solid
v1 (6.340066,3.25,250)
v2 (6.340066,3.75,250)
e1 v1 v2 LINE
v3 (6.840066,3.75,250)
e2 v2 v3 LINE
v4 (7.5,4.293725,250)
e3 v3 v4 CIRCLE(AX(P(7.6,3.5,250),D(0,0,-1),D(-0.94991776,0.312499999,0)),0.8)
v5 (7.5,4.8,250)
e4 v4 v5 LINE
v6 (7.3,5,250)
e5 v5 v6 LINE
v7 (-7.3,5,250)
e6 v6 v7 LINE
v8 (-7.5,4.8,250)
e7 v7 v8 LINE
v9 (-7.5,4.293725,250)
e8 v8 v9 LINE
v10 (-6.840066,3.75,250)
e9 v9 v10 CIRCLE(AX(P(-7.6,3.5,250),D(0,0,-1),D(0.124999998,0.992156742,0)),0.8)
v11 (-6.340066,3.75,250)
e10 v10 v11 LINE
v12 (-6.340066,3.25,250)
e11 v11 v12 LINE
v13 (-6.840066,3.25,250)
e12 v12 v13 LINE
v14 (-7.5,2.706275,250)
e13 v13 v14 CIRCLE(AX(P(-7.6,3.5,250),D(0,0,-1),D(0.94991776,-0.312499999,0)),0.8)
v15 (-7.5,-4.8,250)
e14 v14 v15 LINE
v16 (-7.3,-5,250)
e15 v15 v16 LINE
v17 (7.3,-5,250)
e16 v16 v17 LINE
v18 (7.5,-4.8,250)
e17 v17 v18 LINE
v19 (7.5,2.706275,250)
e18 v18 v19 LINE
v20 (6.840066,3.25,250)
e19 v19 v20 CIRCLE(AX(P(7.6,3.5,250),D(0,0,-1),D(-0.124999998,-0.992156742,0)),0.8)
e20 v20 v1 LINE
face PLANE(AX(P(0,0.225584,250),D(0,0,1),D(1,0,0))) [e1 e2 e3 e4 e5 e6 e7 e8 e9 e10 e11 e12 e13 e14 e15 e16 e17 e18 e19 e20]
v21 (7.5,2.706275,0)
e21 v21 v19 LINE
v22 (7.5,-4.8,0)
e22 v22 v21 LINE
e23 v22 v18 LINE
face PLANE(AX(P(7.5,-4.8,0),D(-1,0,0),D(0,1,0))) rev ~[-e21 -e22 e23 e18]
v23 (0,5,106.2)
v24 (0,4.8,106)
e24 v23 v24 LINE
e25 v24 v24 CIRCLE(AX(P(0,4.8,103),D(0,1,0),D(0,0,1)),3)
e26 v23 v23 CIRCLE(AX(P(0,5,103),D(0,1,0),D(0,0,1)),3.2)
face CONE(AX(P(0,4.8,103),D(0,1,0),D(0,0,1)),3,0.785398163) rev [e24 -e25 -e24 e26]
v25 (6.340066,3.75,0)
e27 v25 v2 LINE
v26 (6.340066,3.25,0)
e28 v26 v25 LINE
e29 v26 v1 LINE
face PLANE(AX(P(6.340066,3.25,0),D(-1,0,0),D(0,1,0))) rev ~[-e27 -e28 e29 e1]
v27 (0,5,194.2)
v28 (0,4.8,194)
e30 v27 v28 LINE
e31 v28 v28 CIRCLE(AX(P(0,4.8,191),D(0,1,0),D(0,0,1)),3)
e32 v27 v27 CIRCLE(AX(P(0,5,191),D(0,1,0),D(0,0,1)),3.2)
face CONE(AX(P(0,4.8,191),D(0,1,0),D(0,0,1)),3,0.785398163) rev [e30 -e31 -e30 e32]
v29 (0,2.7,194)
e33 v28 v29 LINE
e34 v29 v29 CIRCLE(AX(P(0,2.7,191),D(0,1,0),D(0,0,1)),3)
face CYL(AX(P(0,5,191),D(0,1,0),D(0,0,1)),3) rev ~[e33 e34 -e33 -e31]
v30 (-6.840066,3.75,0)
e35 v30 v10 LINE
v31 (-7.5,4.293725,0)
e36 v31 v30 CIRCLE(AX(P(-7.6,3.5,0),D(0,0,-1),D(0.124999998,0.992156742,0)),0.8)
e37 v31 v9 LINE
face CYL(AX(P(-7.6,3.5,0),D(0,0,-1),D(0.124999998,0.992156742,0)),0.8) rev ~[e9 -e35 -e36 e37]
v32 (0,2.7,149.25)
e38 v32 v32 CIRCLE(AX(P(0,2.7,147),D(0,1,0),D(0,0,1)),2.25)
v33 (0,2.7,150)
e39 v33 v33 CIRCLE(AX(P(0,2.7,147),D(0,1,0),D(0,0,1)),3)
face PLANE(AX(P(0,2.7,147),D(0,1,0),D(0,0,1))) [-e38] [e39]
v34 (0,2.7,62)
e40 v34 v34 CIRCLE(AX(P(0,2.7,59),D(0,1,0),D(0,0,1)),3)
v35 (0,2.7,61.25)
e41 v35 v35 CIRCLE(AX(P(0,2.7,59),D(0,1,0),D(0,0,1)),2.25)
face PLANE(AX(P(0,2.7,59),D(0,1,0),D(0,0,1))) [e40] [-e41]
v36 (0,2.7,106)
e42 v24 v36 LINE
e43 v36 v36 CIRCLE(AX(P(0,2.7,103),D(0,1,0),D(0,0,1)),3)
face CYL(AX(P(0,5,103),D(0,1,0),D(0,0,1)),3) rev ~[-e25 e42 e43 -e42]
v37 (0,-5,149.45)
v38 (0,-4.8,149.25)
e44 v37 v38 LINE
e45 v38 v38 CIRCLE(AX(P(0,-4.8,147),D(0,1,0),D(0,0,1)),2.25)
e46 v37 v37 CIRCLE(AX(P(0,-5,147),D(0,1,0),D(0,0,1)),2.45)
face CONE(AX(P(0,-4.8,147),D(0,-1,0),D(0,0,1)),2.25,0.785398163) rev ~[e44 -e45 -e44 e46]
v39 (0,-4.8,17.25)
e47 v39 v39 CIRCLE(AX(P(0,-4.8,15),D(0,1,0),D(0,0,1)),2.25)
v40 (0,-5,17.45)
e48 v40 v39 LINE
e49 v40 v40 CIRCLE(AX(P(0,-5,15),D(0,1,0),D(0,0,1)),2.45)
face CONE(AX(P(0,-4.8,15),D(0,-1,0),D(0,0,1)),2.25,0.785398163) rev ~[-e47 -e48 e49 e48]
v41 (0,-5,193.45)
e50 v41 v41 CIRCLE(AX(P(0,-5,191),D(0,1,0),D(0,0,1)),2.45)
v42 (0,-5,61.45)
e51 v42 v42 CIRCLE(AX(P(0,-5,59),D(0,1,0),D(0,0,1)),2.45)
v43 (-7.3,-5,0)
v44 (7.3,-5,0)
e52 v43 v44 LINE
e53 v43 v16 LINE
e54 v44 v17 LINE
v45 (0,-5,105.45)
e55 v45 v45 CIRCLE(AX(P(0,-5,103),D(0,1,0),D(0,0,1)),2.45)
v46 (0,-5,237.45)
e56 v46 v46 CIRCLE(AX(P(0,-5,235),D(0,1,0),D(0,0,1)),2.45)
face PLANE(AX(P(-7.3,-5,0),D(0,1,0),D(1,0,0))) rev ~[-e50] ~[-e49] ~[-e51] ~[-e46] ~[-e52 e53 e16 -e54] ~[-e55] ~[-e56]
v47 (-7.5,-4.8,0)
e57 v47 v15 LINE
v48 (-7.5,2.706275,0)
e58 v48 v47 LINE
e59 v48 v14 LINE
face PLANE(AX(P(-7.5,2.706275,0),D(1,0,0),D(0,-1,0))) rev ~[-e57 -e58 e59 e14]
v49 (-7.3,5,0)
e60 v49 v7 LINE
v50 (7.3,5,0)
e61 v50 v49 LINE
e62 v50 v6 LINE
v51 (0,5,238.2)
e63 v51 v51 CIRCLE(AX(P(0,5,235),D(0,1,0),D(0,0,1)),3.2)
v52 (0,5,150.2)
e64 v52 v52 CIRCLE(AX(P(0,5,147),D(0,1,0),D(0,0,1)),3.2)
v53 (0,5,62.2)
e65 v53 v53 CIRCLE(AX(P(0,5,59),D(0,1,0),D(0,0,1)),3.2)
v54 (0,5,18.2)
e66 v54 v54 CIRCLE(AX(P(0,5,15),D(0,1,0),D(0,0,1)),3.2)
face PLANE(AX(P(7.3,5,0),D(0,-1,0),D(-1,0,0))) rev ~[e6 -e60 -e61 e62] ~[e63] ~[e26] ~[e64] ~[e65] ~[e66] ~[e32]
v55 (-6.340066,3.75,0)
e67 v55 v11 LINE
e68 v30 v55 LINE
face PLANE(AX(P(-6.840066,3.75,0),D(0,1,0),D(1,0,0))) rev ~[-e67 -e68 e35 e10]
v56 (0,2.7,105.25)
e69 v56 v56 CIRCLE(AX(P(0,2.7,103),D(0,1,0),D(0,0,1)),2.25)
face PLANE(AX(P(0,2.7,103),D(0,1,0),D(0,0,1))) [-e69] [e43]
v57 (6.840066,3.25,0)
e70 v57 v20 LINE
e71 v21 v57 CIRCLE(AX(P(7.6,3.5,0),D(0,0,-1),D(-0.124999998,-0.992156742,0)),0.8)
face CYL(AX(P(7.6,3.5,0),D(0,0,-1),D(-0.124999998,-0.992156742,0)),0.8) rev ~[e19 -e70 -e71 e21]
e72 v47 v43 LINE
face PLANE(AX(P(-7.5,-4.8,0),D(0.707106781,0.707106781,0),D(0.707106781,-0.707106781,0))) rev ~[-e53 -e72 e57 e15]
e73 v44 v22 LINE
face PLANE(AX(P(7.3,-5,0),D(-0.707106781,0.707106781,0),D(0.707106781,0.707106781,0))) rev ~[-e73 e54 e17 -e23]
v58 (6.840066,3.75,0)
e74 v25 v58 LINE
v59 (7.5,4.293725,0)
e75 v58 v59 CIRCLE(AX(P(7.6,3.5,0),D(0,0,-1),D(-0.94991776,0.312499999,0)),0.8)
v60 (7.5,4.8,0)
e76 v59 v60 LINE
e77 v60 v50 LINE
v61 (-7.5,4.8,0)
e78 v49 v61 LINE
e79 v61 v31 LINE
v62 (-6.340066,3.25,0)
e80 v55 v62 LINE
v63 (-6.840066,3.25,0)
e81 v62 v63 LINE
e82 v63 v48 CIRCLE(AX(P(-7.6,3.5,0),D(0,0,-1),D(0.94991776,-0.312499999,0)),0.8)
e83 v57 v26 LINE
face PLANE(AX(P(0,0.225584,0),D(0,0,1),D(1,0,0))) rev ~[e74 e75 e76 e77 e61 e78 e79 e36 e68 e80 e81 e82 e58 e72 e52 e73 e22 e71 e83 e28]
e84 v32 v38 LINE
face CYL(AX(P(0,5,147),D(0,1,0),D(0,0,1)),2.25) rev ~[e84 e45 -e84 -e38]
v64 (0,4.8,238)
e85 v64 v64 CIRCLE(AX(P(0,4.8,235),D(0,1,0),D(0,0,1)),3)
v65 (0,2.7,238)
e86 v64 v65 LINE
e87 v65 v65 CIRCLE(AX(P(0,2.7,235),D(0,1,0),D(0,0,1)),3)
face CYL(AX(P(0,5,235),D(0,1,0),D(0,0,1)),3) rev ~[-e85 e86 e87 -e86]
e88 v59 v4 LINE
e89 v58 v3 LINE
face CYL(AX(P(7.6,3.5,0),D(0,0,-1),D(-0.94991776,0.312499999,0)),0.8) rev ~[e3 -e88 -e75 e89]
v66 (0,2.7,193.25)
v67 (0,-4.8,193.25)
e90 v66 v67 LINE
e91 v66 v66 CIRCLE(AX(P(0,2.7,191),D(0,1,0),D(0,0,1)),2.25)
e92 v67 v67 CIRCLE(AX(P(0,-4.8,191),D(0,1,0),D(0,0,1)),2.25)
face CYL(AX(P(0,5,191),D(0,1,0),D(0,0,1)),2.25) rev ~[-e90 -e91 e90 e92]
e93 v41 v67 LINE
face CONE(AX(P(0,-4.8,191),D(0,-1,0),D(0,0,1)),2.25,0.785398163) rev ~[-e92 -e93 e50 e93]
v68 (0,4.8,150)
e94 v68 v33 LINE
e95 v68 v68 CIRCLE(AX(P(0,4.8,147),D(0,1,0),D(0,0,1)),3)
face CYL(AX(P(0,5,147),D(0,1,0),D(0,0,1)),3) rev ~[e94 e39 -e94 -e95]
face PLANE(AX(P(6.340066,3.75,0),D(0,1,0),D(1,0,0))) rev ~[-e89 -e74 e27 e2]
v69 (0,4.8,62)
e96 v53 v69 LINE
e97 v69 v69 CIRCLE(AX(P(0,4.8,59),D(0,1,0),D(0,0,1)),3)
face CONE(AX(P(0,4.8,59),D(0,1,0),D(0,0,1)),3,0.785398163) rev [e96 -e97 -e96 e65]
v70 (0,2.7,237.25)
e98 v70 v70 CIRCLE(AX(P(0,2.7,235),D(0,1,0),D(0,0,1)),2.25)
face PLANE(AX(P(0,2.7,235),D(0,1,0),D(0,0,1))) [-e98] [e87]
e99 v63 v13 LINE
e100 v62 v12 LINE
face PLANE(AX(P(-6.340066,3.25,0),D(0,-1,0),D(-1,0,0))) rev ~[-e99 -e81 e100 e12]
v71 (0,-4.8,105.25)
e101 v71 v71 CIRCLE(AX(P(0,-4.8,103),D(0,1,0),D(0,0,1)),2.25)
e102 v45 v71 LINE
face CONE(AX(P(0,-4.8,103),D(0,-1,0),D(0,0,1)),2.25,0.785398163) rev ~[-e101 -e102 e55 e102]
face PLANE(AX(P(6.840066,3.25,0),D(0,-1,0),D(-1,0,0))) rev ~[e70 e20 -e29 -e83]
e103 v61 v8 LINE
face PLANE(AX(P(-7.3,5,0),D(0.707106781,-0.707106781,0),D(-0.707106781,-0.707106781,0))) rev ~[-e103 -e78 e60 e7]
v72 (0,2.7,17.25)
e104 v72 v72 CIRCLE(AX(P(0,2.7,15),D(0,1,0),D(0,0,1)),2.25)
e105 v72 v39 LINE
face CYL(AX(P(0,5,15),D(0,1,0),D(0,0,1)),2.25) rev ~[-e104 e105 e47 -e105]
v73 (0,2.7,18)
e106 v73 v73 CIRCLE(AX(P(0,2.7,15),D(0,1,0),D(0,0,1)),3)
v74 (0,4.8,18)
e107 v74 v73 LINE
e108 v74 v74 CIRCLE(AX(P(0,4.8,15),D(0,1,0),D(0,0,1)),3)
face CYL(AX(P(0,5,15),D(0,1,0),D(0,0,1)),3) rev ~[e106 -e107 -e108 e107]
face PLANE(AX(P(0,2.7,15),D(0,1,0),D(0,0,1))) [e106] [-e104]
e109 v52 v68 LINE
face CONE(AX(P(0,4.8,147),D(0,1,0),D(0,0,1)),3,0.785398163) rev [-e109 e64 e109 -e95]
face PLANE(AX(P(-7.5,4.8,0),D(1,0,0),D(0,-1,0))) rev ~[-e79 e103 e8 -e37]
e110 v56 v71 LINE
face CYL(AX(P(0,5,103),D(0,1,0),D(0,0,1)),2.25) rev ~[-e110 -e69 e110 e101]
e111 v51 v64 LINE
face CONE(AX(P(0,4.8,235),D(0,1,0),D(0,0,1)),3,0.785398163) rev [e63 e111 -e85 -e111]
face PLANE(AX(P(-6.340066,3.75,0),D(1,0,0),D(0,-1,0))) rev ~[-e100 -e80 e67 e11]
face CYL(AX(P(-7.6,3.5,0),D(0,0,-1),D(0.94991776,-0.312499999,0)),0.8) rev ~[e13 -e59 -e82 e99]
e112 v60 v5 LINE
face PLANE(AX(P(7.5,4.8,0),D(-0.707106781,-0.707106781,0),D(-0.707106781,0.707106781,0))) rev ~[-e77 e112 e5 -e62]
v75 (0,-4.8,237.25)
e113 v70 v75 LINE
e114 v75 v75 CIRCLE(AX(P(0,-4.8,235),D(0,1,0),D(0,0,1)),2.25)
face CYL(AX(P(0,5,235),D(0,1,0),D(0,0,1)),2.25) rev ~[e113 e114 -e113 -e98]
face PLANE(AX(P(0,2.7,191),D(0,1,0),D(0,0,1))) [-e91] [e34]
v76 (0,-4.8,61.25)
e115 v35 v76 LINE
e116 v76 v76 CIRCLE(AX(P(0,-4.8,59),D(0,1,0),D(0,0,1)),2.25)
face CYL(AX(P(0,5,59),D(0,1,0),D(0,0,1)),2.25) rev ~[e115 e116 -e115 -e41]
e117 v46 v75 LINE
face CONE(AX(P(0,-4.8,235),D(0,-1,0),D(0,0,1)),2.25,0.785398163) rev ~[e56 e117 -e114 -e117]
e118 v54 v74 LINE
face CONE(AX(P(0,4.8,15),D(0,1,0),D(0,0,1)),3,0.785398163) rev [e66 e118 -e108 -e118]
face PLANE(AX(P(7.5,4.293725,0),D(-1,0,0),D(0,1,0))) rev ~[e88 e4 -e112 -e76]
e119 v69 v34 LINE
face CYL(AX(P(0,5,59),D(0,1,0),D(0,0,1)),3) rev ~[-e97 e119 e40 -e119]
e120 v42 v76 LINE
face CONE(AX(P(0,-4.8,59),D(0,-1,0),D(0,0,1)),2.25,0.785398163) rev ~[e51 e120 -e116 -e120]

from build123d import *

# Parameters (mm, degrees)
EXTRUDE1_DEPTH             = 250
EXTRUDE2_REACH             = 252.312
SKETCH2_R                  = 2.25
SKETCH_R                   = 3
SKETCH_R_2                 = 2.25
EXTRUDE4_DEPTH             = 2.3
CHAMFER1_SIZE              = 0.2
LPATTERN1_COUNT            = 6
LPATTERN1_PITCH            = 44
CHAMFER1_OF_LPATTERN1_SIZE = 0.2


with BuildPart() as part:
    # Sketch1 → Extrude1 (new body)
    with BuildSketch(Plane.XY):
        with BuildLine():
            Line((-7.3, -5), (7.3, -5))
            Line((7.3, -5), (7.5, -4.8))
            Line((7.5, -4.8), (7.5, 2.706274607))
            ThreePointArc((7.5, 2.706274607), (7.091294745, 2.882570681), (6.840065792, 3.25))
            Line((6.840065792, 3.25), (6.340065792, 3.25))
            Line((6.340065792, 3.25), (6.340065792, 3.75))
            Line((6.340065792, 3.75), (6.840065792, 3.75))
            ThreePointArc((6.840065792, 3.75), (7.091294745, 4.117429319), (7.5, 4.293725393))
            Line((7.5, 4.293725393), (7.5, 4.8))
            Line((7.5, 4.8), (7.3, 5))
            Line((7.3, 5), (-7.3, 5))
            Line((-7.3, 5), (-7.5, 4.8))
            Line((-7.5, 4.8), (-7.5, 4.293725393))
            ThreePointArc((-7.5, 4.293725393), (-7.091294745, 4.117429319), (-6.840065792, 3.75))
            Line((-6.840065792, 3.75), (-6.340065792, 3.75))
            Line((-6.340065792, 3.75), (-6.340065792, 3.25))
            Line((-6.340065792, 3.25), (-6.840065792, 3.25))
            ThreePointArc((-6.840065792, 3.25), (-7.091294745, 2.882570681), (-7.5, 2.706274607))
            Line((-7.5, 2.706274607), (-7.5, -4.8))
            Line((-7.5, -4.8), (-7.3, -5))
        make_face()
    extrude(amount=EXTRUDE1_DEPTH)

    # Sketch2 → Extrude2 (cut, up to next)
    with BuildSketch(Plane(origin=(0, 5, 0), x_dir=(1, 0, 0), z_dir=(0, 1, 0)), mode=Mode.PRIVATE) as extrude2_sk1:
        with Locations(Location((0, -15, 0), (0, 0, 270))):
            Circle(SKETCH2_R)
    extrude2_tool1 = extrude(extrude2_sk1.sketch, amount=-EXTRUDE2_REACH, mode=Mode.PRIVATE) & part.part
    extrude2 = extrude2_tool1.solids().sort_by_distance((0, 5, 15))[0]
    add(extrude2, mode=Mode.SUBTRACT)

    # Sketch → Extrude4 (cut)
    with BuildSketch(Plane(origin=(0, 5, 0), x_dir=(1, 0, 0), z_dir=(0, 1, 0))):
        with Locations(Location((0, -15, 0), (0, 0, 270))):
            Circle(SKETCH_R)
        with Locations(Location((0, -15, 0), (0, 0, 270))):
            Circle(SKETCH_R_2, mode=Mode.SUBTRACT)
    extrude4 = extrude(amount=-EXTRUDE4_DEPTH, mode=Mode.SUBTRACT)

    # Chamfer1
    chamfer1_edges = [part.edges().sort_by_distance(p)[0] for p in [
        (0, -5, 12.75),
        (0, 5, 12),
    ]]
    chamfer(chamfer1_edges, length=CHAMFER1_SIZE)

    # LPattern1: Extrude2, Extrude4 ×6
    with Locations(*[(0, 0, i * LPATTERN1_PITCH) for i in range(1, LPATTERN1_COUNT)]):
        add(extrude2, mode=Mode.SUBTRACT)
        add(extrude4, mode=Mode.SUBTRACT)

    # Chamfer1 of LPattern1
    chamfer1_of_lpattern1_edges = [part.edges().sort_by_distance(p)[0] for p in [
        (0, -5, 56.75),
        (0, 5, 56),
        (0, -5, 100.75),
        (0, 5, 100),
        (0, -5, 144.75),
        (0, 5, 144),
        (0, -5, 188.75),
        (0, 5, 188),
        (0, -5, 232.75),
        (0, 5, 232),
    ]]
    chamfer(chamfer1_of_lpattern1_edges, length=CHAMFER1_OF_LPATTERN1_SIZE)


solid = part.part
